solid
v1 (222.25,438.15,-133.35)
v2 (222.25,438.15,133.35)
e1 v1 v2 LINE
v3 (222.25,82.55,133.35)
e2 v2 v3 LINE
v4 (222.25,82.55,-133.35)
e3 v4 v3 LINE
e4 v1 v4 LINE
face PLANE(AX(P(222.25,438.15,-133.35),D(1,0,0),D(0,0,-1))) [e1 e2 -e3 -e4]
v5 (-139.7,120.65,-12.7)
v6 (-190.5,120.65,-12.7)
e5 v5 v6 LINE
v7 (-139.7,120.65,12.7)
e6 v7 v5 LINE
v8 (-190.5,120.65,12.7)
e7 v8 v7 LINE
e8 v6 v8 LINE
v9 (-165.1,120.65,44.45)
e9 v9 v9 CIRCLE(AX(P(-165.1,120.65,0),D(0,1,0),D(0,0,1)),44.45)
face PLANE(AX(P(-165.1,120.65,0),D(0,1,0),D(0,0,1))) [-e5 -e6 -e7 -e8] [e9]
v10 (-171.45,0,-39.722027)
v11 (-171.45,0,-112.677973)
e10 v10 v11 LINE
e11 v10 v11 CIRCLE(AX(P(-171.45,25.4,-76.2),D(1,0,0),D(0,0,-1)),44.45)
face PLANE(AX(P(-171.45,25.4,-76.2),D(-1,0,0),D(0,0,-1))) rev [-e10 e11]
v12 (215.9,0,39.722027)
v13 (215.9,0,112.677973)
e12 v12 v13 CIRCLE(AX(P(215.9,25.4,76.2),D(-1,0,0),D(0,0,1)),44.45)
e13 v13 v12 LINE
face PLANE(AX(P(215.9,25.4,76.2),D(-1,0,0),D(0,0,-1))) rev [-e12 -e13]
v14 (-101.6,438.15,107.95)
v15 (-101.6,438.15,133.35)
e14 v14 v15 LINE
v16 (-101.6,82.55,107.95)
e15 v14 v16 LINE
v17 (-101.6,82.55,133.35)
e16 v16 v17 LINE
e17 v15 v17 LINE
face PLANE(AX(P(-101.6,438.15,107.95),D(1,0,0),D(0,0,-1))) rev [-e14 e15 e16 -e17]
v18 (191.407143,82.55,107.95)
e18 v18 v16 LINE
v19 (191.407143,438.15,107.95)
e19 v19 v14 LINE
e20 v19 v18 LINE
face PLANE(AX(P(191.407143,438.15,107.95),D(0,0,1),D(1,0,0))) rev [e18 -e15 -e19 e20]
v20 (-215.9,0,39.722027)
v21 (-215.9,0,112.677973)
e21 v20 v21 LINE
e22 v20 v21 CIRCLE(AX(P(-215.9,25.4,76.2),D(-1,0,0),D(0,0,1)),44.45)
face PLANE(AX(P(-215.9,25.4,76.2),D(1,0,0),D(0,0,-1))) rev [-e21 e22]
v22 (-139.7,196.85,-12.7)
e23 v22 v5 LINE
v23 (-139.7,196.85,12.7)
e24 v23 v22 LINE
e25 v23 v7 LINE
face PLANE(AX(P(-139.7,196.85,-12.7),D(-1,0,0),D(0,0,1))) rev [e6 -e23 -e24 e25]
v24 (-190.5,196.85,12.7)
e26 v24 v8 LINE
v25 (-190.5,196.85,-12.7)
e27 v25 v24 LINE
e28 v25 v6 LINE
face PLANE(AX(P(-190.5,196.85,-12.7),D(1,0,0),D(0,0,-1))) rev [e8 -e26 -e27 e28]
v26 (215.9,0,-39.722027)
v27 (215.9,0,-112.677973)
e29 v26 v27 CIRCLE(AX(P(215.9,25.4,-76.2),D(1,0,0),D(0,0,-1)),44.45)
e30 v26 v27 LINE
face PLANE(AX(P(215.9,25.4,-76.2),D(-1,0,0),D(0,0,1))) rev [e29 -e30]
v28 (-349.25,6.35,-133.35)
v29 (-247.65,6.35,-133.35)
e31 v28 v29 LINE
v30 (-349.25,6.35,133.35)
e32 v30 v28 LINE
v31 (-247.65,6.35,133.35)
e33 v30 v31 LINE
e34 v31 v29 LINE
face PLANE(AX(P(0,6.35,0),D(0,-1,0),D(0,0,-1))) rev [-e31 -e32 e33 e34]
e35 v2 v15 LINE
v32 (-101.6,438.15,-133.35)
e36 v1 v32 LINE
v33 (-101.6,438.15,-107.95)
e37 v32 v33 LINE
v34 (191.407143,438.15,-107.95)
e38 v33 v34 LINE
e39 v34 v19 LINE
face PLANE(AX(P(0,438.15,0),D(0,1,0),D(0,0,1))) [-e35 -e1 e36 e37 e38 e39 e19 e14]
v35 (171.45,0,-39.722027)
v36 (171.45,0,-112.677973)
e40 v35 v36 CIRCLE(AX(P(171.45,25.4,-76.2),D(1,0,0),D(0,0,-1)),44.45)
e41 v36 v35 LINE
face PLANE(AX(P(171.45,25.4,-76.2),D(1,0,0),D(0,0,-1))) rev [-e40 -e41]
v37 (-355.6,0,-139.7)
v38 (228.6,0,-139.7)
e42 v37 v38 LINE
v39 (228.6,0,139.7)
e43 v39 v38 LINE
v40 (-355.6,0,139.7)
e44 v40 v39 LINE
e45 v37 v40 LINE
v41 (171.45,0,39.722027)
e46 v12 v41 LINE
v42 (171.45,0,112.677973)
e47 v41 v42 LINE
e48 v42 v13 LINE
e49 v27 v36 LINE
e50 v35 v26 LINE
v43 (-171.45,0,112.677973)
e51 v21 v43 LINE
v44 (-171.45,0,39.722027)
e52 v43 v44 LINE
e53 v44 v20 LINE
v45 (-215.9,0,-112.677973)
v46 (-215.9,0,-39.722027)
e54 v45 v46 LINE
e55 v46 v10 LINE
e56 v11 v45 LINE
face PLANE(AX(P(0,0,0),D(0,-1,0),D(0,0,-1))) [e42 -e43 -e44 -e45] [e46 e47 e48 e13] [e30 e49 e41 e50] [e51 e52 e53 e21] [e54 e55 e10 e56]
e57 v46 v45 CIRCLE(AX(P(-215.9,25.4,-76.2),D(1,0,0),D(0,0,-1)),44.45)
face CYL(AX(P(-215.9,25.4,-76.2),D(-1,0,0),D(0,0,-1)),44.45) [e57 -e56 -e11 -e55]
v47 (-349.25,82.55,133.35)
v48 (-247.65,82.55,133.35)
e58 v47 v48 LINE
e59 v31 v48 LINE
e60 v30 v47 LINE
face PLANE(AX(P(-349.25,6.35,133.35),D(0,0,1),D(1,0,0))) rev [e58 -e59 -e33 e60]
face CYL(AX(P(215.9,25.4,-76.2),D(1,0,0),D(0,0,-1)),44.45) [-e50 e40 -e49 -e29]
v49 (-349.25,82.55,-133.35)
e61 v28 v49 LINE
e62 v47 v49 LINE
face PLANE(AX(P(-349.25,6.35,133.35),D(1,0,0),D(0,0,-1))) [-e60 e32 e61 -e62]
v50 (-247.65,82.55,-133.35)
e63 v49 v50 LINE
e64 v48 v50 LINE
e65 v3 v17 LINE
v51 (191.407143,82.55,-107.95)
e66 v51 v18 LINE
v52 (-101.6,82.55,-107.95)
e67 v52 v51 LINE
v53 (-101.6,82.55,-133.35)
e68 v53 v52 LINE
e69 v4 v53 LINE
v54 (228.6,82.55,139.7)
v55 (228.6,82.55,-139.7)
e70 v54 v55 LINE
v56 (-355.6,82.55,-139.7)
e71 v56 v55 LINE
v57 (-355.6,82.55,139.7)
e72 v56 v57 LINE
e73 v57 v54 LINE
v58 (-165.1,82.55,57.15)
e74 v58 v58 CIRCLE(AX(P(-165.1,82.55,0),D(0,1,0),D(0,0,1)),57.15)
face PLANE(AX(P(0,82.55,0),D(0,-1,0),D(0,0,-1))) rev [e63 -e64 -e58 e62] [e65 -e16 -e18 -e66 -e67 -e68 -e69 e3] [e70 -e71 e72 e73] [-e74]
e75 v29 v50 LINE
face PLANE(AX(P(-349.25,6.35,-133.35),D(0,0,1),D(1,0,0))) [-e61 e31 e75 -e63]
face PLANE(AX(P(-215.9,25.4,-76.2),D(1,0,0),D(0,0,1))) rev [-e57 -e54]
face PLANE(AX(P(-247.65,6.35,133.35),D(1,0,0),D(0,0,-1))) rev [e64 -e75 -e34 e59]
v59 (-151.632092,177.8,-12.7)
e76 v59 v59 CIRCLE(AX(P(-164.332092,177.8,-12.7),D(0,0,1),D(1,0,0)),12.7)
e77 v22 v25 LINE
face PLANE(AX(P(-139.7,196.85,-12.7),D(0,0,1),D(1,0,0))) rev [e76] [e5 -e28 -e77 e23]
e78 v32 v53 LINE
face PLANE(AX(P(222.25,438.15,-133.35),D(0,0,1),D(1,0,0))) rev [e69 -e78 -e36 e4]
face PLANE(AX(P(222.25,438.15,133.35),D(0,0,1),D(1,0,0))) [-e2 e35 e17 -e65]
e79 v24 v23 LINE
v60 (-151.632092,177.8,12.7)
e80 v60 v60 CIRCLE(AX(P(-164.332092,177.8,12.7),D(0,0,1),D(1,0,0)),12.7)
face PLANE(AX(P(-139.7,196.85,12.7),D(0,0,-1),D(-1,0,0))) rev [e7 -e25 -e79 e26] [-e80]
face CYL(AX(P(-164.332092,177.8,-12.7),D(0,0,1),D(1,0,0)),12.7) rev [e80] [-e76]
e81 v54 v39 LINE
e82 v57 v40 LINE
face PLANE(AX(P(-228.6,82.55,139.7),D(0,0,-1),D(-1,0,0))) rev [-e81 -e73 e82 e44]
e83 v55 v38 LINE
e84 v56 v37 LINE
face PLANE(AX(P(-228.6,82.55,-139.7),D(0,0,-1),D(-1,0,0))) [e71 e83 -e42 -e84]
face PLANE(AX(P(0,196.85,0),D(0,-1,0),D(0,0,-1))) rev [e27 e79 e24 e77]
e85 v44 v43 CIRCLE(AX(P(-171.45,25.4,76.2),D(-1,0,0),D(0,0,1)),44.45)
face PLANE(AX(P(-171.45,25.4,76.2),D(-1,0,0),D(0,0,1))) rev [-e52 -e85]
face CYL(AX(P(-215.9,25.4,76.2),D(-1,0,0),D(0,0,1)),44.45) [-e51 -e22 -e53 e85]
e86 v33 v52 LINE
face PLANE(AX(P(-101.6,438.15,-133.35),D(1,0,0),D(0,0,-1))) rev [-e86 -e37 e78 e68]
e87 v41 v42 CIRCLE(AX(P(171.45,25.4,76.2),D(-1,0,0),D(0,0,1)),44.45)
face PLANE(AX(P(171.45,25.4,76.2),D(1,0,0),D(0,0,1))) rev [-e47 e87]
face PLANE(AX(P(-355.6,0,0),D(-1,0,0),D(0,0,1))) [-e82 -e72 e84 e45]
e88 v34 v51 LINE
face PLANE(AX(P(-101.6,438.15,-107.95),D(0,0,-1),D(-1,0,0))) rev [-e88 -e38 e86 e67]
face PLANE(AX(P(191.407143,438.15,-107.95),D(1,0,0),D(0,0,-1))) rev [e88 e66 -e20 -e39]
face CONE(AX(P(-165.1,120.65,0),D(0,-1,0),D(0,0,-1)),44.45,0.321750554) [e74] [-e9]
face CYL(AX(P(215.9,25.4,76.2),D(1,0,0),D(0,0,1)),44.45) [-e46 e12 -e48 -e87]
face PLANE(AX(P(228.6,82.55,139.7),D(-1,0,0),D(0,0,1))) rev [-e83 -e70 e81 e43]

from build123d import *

# Parameters (mm, degrees)
CHASIS_W                = 457.2
CHASIS_H                = 279.4
BOSS_EXTRUDE1_DEPTH     = 82.55
SKETCH3_W               = 44.45
SKETCH3_H               = 44.45
MIRROR2_COPY_1_SKETCH_W = 44.45
MIRROR2_COPY_1_SKETCH_H = 44.45
BOSS_EXTRUDE2_DEPTH     = 355.6
SKETCH6_R               = 44.45
SKETCH5_R               = 57.15
SKETCH10_W              = 279.4
SKETCH10_H              = 82.55
BOSS_EXTRUDE3_DEPTH     = 127
SKETCH11_W              = 101.6
SKETCH11_H              = 266.7
CUT_EXTRUDE1_DEPTH      = 76.2
SKETCH13_W              = 50.8
SKETCH13_H              = 25.4
BOSS_EXTRUDE5_DEPTH     = 76.2
SKETCH15_R              = 12.7
CUT_EXTRUDE2_DEPTH      = 25.4


with BuildPart() as part:
    # Chasis → Boss-Extrude1 (new body)
    with BuildSketch(Plane(origin=(0, 0, 0), x_dir=(1, 0, 0), z_dir=(0, 1, 0))):
        Rectangle(CHASIS_W, CHASIS_H)
    extrude(amount=BOSS_EXTRUDE1_DEPTH)

    # Sketch3 → Revolve1 (revolve)
    with BuildSketch(Plane(origin=(0, 25.4, 0), x_dir=(-1, 0, 0), z_dir=(0, -1, 0))):
        with Locations((193.675, -98.425)):
            Rectangle(SKETCH3_W, SKETCH3_H)
    revolve1 = revolve(axis=Axis((-215.9, 25.4, 76.2), (1, 0, 0)))

    # Mirror1: Revolve1 across plane
    add(revolve1.mirror(Plane.XY))

    # Mirror2: Revolve1 across plane
    add(revolve1.mirror(Plane(origin=(0, 0, 0), x_dir=(0, 0, 1), z_dir=(1, 0, 0))))

    # Mirror2 copy 1 sketch → Mirror2 copy 1 (revolve)
    with BuildSketch(Plane.XZ.offset(-25.4)):
        with Locations((193.675, -98.425)):
            Rectangle(MIRROR2_COPY_1_SKETCH_W, MIRROR2_COPY_1_SKETCH_H)
    revolve(axis=Axis((215.9, 25.4, -76.2), (-1, 0, 0)))

    # Sketch4 → Boss-Extrude2 (add)
    with BuildSketch(Plane(origin=(0, 82.55, 0), x_dir=(1, 0, 0), z_dir=(0, 1, 0))):
        Polygon((222.25, 133.35), (-101.6, 133.35), (-101.6, 107.95), (191.407142857, 107.95), (191.407142857, -107.95), (-101.6, -107.95), (-101.6, -133.35), (222.25, -133.35), align=None)
    extrude(amount=BOSS_EXTRUDE2_DEPTH)

    # Sketch6 → Loft1 section 0
    with BuildSketch(Plane(origin=(0, 120.65, 0), x_dir=(1, 0, 0), z_dir=(0, 1, 0))):
        with Locations((-165.1, 0)):
            Circle(SKETCH6_R)
    # Sketch5 → Loft1 section 1
    with BuildSketch(Plane(origin=(0, 82.55, 0), x_dir=(1, 0, 0), z_dir=(0, 1, 0))):
        with Locations((-165.1, 0)):
            Circle(SKETCH5_R)
    loft()

    # Sketch10 → Boss-Extrude3 (add)
    with BuildSketch(Plane.ZY.offset(228.6)):
        with Locations((0, 41.275)):
            Rectangle(SKETCH10_W, SKETCH10_H)
    extrude(amount=BOSS_EXTRUDE3_DEPTH)

    # Sketch11 → Cut-Extrude1 (cut)
    with BuildSketch(Plane(origin=(0, 82.55, 0), x_dir=(1, 0, 0), z_dir=(0, 1, 0))):
        with Locations((-298.45, 0)):
            Rectangle(SKETCH11_W, SKETCH11_H)
    extrude(amount=-CUT_EXTRUDE1_DEPTH, mode=Mode.SUBTRACT)

    # Sketch13 → Boss-Extrude5 (add)
    with BuildSketch(Plane(origin=(0, 120.65, 0), x_dir=(1, 0, 0), z_dir=(0, 1, 0))):
        with Locations((-165.1, 0)):
            Rectangle(SKETCH13_W, SKETCH13_H)
    extrude(amount=BOSS_EXTRUDE5_DEPTH)

    # Sketch15 → Cut-Extrude2 (cut)
    with BuildSketch(Plane.XY.offset(12.7)):
        with Locations((-164.332091847, 177.8)):
            Circle(SKETCH15_R)
    extrude(amount=-CUT_EXTRUDE2_DEPTH, mode=Mode.SUBTRACT)


solid = part.part
